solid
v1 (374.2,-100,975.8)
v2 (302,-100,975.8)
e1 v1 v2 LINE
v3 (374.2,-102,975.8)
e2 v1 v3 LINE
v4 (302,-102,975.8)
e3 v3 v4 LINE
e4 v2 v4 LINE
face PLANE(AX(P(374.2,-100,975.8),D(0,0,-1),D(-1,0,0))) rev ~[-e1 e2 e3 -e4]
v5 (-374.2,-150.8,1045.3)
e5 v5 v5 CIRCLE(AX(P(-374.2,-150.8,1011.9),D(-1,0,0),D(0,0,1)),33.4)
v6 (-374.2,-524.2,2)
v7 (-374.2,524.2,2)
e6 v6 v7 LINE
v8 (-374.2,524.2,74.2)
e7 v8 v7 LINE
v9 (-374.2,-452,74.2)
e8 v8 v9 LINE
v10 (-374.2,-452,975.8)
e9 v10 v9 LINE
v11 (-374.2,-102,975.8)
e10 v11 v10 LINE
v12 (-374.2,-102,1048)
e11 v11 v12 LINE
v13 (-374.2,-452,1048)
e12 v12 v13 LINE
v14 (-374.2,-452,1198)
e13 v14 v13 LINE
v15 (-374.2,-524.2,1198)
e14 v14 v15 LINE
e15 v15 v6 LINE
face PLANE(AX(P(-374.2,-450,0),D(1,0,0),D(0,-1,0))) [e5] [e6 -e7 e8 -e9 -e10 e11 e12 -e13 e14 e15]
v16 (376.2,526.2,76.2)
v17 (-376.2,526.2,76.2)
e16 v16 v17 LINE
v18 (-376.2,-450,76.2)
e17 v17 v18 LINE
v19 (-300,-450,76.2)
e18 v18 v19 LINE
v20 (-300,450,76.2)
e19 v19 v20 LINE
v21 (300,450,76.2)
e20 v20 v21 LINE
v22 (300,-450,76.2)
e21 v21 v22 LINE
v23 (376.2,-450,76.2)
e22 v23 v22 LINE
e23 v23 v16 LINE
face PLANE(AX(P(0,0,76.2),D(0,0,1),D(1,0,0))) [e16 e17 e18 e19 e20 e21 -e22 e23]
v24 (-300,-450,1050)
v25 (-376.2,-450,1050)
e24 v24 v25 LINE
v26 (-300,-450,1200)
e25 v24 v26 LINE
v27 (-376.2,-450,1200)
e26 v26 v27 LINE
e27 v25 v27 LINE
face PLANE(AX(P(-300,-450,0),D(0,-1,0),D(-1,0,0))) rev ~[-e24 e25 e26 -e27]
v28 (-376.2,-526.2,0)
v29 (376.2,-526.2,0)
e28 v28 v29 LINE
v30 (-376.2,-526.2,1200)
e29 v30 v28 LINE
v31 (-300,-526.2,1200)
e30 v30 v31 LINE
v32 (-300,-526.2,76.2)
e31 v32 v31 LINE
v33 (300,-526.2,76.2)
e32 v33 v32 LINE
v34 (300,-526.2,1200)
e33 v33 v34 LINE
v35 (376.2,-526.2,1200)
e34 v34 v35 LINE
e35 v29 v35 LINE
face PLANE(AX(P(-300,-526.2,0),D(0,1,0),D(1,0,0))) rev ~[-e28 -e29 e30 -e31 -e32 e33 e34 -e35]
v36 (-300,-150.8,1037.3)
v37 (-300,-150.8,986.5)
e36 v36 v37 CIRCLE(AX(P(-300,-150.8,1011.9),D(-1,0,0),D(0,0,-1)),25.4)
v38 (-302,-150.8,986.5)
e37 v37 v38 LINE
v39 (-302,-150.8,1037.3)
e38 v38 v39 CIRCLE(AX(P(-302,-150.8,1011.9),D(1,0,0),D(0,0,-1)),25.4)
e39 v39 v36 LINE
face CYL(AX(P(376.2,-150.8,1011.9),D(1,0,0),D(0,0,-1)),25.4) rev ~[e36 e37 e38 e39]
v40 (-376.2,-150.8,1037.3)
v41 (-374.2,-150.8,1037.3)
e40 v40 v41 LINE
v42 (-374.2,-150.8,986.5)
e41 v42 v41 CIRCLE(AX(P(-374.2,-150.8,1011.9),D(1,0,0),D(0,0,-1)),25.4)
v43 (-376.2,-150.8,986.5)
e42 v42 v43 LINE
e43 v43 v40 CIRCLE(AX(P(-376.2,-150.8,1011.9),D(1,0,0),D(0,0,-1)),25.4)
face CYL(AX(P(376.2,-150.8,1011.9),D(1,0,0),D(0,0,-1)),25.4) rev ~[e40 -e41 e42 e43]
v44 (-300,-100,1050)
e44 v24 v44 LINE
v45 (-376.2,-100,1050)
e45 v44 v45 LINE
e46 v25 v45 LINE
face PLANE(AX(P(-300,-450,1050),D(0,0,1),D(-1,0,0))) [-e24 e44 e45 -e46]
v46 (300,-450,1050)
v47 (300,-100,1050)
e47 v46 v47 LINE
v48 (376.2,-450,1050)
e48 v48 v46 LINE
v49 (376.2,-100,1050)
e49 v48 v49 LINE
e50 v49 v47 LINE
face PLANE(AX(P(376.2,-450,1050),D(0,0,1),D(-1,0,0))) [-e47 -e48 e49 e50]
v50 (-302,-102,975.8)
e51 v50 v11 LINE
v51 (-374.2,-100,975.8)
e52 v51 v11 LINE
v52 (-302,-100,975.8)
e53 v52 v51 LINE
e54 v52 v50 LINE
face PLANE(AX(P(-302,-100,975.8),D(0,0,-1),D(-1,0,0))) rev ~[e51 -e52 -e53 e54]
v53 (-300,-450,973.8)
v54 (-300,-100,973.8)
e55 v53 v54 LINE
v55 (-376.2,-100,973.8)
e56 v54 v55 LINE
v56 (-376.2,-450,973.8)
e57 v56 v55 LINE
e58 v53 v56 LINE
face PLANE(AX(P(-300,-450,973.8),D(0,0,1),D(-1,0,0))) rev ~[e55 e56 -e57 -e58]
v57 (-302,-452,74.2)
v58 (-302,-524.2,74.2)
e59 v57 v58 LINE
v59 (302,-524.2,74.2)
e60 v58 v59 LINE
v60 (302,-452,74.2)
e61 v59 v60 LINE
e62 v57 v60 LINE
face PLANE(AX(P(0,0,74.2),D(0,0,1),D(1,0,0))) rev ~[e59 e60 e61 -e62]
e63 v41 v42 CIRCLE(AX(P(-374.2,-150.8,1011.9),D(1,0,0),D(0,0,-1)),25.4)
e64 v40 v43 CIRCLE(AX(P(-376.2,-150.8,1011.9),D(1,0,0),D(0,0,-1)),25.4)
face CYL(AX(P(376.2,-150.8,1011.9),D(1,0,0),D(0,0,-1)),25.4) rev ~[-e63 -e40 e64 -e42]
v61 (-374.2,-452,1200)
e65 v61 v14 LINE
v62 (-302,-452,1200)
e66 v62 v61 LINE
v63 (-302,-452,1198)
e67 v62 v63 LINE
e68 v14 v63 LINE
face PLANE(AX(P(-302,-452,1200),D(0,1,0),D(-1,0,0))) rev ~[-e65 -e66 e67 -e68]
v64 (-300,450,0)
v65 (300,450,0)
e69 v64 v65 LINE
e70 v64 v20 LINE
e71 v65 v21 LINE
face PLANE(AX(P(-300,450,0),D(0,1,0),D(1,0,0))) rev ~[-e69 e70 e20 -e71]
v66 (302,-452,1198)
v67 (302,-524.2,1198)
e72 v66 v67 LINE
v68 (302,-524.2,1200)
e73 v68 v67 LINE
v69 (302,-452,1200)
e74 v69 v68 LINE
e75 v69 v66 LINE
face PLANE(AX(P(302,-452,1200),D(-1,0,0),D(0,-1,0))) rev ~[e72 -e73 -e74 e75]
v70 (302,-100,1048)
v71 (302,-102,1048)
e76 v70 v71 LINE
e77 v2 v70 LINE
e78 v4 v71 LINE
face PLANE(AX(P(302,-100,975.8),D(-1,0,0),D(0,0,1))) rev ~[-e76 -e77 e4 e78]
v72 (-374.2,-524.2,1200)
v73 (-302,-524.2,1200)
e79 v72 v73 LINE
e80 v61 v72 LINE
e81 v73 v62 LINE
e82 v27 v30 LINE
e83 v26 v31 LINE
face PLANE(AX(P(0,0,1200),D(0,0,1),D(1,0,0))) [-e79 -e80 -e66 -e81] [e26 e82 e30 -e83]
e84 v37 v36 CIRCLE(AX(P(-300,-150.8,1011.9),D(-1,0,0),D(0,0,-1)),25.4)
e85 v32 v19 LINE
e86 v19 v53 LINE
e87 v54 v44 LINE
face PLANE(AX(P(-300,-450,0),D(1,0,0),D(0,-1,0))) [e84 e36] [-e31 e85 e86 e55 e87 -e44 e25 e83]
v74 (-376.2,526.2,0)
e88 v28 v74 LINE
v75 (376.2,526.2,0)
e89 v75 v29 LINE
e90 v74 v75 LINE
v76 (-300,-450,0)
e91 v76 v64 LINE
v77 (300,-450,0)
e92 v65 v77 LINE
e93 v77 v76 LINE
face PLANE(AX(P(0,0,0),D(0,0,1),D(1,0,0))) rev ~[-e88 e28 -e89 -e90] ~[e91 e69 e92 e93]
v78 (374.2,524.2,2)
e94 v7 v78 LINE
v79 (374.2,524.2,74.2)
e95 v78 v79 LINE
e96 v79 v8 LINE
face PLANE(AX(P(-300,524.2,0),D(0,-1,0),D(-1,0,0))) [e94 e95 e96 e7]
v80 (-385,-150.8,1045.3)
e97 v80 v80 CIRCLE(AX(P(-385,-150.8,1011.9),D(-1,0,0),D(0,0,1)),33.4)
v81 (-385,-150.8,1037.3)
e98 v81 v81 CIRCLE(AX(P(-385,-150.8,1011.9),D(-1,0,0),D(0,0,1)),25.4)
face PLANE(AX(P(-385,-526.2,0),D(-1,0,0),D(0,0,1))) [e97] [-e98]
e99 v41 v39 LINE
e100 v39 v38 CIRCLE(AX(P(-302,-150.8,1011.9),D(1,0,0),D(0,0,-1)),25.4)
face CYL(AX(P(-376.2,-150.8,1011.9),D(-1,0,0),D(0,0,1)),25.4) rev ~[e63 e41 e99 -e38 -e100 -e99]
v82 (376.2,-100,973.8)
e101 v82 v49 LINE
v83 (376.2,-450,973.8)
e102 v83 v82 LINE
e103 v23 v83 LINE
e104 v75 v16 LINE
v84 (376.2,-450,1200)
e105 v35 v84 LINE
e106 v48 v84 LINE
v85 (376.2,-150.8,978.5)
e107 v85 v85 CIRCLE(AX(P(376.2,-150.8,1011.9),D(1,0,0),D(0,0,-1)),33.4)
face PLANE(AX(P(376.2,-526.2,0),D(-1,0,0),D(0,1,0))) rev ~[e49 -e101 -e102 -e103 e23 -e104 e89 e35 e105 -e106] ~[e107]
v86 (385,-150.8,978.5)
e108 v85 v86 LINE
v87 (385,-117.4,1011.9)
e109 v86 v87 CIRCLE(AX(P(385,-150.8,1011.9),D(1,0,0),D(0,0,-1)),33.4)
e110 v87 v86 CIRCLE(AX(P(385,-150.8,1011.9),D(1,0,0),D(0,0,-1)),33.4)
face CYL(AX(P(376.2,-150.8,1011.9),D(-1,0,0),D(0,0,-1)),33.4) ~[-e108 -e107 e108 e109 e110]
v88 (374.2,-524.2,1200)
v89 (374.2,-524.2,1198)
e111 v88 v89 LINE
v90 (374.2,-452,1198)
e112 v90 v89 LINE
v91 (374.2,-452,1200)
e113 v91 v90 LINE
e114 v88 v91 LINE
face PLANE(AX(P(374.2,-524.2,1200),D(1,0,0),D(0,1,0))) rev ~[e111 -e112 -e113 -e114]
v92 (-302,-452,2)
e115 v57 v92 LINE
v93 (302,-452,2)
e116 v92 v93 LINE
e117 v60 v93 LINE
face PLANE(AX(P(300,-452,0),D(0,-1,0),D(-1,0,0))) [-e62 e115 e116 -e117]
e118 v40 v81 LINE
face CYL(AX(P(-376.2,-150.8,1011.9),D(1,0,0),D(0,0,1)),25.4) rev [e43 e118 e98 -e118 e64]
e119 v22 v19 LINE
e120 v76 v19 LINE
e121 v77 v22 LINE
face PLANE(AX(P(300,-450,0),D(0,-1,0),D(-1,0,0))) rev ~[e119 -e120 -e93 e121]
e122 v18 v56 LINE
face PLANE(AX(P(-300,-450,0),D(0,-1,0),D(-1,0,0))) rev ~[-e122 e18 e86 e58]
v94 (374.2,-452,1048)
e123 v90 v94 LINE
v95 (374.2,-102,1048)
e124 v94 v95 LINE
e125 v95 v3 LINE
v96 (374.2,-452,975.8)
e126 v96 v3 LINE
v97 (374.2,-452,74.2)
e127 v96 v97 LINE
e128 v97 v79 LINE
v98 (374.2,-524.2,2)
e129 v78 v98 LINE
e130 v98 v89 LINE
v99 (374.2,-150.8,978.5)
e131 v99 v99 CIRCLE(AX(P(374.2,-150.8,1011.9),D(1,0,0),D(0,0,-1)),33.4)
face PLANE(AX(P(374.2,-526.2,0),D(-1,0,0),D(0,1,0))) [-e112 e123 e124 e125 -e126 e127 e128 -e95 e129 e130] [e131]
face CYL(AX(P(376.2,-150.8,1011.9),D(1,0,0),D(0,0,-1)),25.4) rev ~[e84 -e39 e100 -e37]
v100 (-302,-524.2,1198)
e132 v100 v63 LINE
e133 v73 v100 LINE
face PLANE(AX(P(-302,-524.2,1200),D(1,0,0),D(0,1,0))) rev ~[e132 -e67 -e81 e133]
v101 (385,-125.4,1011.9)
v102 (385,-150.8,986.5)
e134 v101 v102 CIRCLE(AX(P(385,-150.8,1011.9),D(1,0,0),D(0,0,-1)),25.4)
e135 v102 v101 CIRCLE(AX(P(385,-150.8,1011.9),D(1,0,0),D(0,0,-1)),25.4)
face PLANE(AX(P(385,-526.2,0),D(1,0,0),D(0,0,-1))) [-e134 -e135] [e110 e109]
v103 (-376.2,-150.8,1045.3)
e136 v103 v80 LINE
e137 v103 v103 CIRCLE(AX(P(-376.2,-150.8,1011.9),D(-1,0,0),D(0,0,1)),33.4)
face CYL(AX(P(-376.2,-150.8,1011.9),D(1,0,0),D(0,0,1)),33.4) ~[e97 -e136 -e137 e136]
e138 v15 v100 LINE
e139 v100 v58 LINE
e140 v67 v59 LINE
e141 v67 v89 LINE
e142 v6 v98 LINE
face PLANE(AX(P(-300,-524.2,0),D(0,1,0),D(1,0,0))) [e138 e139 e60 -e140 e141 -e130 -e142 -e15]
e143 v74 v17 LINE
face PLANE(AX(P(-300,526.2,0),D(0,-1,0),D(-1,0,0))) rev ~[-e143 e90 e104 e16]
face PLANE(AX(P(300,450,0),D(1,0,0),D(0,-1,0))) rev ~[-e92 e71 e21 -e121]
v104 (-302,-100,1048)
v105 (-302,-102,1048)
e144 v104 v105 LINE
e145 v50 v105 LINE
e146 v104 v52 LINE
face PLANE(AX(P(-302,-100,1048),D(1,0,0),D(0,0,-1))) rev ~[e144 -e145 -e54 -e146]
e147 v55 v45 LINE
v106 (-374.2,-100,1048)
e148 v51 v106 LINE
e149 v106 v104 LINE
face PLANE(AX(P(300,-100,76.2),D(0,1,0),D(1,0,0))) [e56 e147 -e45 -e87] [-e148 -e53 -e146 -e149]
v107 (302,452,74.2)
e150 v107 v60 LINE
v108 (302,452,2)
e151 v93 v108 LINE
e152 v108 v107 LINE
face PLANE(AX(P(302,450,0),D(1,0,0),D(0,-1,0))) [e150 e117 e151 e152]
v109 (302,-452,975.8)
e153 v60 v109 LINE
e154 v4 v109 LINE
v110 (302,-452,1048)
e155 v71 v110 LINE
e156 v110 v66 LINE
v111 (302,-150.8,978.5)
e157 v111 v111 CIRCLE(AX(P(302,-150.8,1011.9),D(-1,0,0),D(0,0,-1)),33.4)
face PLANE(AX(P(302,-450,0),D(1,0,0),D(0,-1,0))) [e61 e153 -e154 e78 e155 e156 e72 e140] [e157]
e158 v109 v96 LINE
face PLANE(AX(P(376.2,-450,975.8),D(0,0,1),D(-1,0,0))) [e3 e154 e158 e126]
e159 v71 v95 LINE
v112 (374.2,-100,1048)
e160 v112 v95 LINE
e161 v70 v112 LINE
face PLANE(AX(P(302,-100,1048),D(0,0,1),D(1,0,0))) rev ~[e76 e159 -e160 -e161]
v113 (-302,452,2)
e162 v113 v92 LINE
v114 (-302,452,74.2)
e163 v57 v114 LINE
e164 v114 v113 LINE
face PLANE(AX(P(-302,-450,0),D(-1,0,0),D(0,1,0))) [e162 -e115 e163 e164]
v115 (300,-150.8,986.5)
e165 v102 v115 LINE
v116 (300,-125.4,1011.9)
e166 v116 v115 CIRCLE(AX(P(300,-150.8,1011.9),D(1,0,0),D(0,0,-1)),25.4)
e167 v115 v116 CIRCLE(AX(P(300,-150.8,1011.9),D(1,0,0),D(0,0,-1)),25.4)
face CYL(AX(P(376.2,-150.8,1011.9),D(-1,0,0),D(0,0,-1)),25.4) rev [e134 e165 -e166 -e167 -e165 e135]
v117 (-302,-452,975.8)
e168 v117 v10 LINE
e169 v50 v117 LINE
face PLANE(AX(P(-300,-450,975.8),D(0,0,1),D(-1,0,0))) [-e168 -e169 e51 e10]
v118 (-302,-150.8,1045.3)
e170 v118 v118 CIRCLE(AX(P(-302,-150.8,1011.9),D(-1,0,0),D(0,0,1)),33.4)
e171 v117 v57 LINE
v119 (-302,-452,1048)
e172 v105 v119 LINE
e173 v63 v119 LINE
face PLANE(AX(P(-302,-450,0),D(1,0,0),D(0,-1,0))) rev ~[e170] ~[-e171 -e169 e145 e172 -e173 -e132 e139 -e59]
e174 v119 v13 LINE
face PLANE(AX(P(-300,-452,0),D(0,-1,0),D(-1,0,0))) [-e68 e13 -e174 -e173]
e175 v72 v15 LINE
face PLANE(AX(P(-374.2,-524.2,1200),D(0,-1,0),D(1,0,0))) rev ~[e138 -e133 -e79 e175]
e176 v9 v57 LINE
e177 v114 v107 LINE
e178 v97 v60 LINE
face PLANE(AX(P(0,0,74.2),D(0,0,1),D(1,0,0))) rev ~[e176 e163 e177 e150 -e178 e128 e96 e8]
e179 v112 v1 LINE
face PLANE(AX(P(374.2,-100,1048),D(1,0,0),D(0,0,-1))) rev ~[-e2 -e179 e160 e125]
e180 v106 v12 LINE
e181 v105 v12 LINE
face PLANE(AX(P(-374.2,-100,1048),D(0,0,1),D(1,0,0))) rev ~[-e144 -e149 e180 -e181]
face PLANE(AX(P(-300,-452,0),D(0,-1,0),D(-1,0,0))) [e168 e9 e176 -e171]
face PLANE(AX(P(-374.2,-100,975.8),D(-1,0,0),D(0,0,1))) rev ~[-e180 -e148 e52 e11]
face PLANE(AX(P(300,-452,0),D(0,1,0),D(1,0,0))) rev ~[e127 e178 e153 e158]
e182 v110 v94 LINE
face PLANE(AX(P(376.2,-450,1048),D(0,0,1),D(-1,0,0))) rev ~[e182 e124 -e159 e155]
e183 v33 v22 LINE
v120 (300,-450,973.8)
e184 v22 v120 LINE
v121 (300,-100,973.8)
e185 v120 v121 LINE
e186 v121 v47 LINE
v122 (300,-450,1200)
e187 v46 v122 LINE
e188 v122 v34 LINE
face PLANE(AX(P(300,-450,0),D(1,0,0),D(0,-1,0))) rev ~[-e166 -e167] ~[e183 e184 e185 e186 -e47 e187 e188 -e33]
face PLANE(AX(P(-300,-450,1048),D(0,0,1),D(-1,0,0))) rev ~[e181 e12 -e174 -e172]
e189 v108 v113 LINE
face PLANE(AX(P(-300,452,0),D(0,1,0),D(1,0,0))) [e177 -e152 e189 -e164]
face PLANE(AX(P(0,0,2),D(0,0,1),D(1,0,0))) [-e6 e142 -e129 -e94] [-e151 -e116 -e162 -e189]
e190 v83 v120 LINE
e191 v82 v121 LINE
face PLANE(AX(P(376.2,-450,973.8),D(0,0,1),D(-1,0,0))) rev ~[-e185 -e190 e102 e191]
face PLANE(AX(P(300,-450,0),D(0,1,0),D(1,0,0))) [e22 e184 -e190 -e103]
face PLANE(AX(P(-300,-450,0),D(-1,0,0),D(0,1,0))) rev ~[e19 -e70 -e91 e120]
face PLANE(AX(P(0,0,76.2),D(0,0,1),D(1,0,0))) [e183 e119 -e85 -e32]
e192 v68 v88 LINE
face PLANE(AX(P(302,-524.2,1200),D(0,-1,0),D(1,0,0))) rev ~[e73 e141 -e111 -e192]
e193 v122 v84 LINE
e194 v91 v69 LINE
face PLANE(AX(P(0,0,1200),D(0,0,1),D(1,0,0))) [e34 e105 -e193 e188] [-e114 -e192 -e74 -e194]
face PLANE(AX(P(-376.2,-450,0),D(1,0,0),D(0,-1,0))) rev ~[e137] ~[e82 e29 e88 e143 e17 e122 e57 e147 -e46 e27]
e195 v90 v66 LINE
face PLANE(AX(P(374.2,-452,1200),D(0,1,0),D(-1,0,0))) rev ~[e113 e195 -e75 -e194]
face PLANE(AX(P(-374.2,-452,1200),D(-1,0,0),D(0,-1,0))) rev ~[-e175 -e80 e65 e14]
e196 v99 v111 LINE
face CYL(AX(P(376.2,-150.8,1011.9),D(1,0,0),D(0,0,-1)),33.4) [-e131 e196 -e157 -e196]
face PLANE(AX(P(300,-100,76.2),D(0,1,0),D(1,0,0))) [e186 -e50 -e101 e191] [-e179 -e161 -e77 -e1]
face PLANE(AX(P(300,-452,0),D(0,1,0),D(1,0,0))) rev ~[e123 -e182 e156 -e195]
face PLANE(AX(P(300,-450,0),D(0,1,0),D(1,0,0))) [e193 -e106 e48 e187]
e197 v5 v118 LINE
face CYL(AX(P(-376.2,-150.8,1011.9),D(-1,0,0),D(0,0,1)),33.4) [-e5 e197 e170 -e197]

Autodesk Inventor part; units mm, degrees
ref_plane "YZ Plane" through (0, 0, 0) normal (1, 0, 0) x (0, 1, 0)
ref_plane "XZ Plane" through (0, 0, 0) normal (0, 1, 0) x (-1, 0, 0)
ref_plane "XY Plane" through (0, 0, 0) normal (0, 0, 1) x (1, 0, 0)
sketch "Boceto1" plane through (0, 0, 0) normal (0, 0, 1) x (1, 0, 0)
  line L0 (300, -450) -> (-300, -450)
  line L1 (-300, -450) -> (-300, 450)
  line L2 (-300, 450) -> (300, 450)
  line L3 (300, 450) -> (300, -450)
  line L4 (300, -450) -> (-300, 450) construction
  line L5 (-300, -450) -> (300, 450) construction
  line L6 (376.2, 526.2) -> (-376.2, 526.2)
  line L7 (-376.2, 526.2) -> (-376.2, -526.2)
  line L8 (-376.2, -526.2) -> (376.2, -526.2)
  line L9 (376.2, -526.2) -> (376.2, 526.2)
  line L10 (-300, -450) -> (-300, -526.2)
  line L11 (300, -450) -> (300, -526.2)
  line L12 (300, 450) -> (300, 526.2)
  line L13 (-300, 450) -> (-300, 526.2)
  line L14 (-300, -450) -> (-376.2, -450)
  line L15 (300, -450) -> (376.2, -450)
  point P0 (0, 0)
  dimension "d0" = 600
  dimension "d1" = 900
  dimension "d2" = 76.2
extrude "Extrusión1" add sketch "Boceto1" along normal blind 76.2 contours L11 L8 L10 L0 | L15 L9 L8 L11 | L3 L12 L6 L9 L15 | L14 L7 L6 L13 L1 | L10 L8 L7 L14 | L2 L13 L6 L12
extrude "Extrusión2" add sketch "Boceto1" along normal blind 1200 contours L15 L9 L8 L11 | L10 L8 L7 L14
sketch "Boceto2" plane through (300, -450, 76.2) normal (0, 1, 0) x (1, 0, 0)
  line L0 (76.2, 0) -> (76.2, -1123.8) projected
  line L1 (76.2, -1123.8) -> (76.2, -973.8)
  line L2 (76.2, -973.8) -> (0, -973.8)
  line L3 (0, 0) -> (0, -1123.8) projected
  line L4 (76.2, -973.8) -> (76.2, -897.6)
  line L5 (76.2, -897.6) -> (0, -897.6)
  line L6 (0, -897.6) -> (0, -973.8)
  line L7 (-600, 0) -> (-600, -1123.8) projected
  line L8 (-600, -897.6) -> (-600, -973.8)
  line L9 (-676.2, 0) -> (-676.2, -1123.8) projected
  line L10 (-676.2, -973.8) -> (-676.2, -897.6)
  line L11 (-600, -897.6) -> (-676.2, -897.6)
  line L12 (-600, -973.8) -> (-676.2, -973.8)
  point P0 (-300, 76.2)
  dimension "d7" = 150
  dimension "d8" = 76.2
extrude "Extrusión3" add sketch "Boceto2" along normal blind 350
sketch "Boceto3" plane through (376.2, -526.2, 0) normal (1, 0, 0) x (0, 0, -1)
  line L0 (0, 0) -> (0, 1052.4) projected
  line L1 (0, 1052.4) -> (-76.2, 1052.4) projected
  line L2 (-76.2, 76.2) -> (-76.2, 1052.4) projected
  line L3 (-76.2, 76.2) -> (-973.8, 76.2) projected
  line L4 (-973.8, 76.2) -> (-973.8, 426.2) projected
  line L5 (-1050, 426.2) -> (-973.8, 426.2) projected
  line L6 (-1050, 76.2) -> (-1050, 426.2) projected
  line L7 (-1050, 76.2) -> (-1200, 76.2) projected
  line L8 (-1200, 0) -> (-1200, 76.2) projected
  line L9 (0, 0) -> (-1200, 0) projected
  circle A0 centre (-1011.9, 375.4) radius 25.4
  line L10 (-1011.9, 375.4) -> (-1011.9, 426.2)
  line L11 (-973.8, 426.2) -> (-1050, 426.2) projected
  circle A1 centre (-1011.9, 375.4) radius 25.4
  circle A2 centre (-1011.9, 375.4) radius 33.4
  point P0 (0, 526.2)
  dimension "d11" = 50.8
  dimension "d12" = 50.8
  dimension "d16" = 8
extrude "Extrusión4" cut sketch "Boceto3" against normal blind 1200 contours A0
shell "Vaciado1" thickness 2 removed faces 2 at (325.4, -152.8439, 986.5824) at (-350.8, -152.8439, 986.5824)
extrude "Extrusión5" add sketch "Boceto3" against normal blind 76.2 contours A2
sketch "Boceto4" plane through (-376.2, -526.2, 0) normal (-1, 0, 0) x (0, 0, 1)
  circle A0 centre (1011.9, 375.4) radius 33.4 projected
  circle A1 centre (1011.9, 375.4) radius 25.4 projected
  point P0 (0, 526.2)
extrude "Extrusión6" add sketch "Boceto4" against normal blind 76.2
extrude "Extrusión7" add sketch "Boceto3" along normal blind 8.8 contours A2
extrude "Extrusión8" add sketch "Boceto4" along normal blind 8.8
sketch "Boceto5" plane through (376.2, -450, 973.8) normal (0, 0, -1) x (-1, 0, 0)
  point P0 (376.2, 450)
sketch "Boceto6" plane through (0, 0, 1200) normal (0, 0, 1) x (1, 0, 0)
  line L0 (374.2, -452) -> (302, -452) projected
  line L1 (302, -452) -> (302, -524.2) projected
  line L2 (374.2, -524.2) -> (374.2, -452) projected
  line L3 (302, -524.2) -> (374.2, -524.2) projected
  line L4 (300, -526.2) -> (376.2, -526.2) projected
  line L5 (300, -450) -> (300, -526.2) projected
  line L6 (300, -526.2) -> (376.2, -526.2) projected
  line L7 (376.2, -526.2) -> (376.2, -450) projected
  line L8 (376.2, -450) -> (300, -450) projected
  line L9 (-376.2, -450) -> (-376.2, -526.2) projected
  line L10 (-376.2, -526.2) -> (-300, -526.2) projected
  line L11 (-300, -526.2) -> (-300, -450) projected
  line L12 (-300, -450) -> (-376.2, -450) projected
  line L13 (-302, -452) -> (-374.2, -452) projected
  line L14 (-302, -524.2) -> (-302, -452) projected
  line L15 (-374.2, -452) -> (-374.2, -524.2) projected
  line L16 (-374.2, -524.2) -> (-302, -524.2) projected
  point P0 (0, 0)
extrude "Extrusión9" cut sketch "Boceto6" against normal blind 2 contours L2 L3 L1 L0 | L14 L16 L15 L13
sketch "Boceto7" plane through (300, -100, 76.2) normal (0, 1, 0) x (1, 0, 0)
  line L0 (-600, -973.8) -> (-600, -897.6) projected
  line L1 (-600, -897.6) -> (-676.2, -897.6) projected
  line L2 (-676.2, -897.6) -> (-676.2, -973.8) projected
  line L3 (-676.2, -973.8) -> (-600, -973.8) projected
  line L4 (-674.2, -899.6) -> (-674.2, -971.8) projected
  line L5 (-674.2, -971.8) -> (-602, -971.8) projected
  line L6 (-602, -899.6) -> (-674.2, -899.6) projected
  line L7 (-602, -971.8) -> (-602, -899.6) projected
  line L8 (0, -897.6) -> (0, -973.8) projected
  line L9 (0, -973.8) -> (76.2, -973.8) projected
  line L10 (76.2, -973.8) -> (76.2, -897.6) projected
  line L11 (76.2, -897.6) -> (0, -897.6) projected
  line L12 (2, -899.6) -> (2, -971.8) projected
  line L13 (2, -971.8) -> (74.2, -971.8) projected
  line L14 (74.2, -899.6) -> (2, -899.6) projected
  line L15 (74.2, -971.8) -> (74.2, -899.6) projected
  point P0 (-300, 76.2)
extrude "Extrusión10" cut sketch "Boceto7" against normal blind 2 contours L6 L7 L5 L4 | L14 L15 L13 L12
